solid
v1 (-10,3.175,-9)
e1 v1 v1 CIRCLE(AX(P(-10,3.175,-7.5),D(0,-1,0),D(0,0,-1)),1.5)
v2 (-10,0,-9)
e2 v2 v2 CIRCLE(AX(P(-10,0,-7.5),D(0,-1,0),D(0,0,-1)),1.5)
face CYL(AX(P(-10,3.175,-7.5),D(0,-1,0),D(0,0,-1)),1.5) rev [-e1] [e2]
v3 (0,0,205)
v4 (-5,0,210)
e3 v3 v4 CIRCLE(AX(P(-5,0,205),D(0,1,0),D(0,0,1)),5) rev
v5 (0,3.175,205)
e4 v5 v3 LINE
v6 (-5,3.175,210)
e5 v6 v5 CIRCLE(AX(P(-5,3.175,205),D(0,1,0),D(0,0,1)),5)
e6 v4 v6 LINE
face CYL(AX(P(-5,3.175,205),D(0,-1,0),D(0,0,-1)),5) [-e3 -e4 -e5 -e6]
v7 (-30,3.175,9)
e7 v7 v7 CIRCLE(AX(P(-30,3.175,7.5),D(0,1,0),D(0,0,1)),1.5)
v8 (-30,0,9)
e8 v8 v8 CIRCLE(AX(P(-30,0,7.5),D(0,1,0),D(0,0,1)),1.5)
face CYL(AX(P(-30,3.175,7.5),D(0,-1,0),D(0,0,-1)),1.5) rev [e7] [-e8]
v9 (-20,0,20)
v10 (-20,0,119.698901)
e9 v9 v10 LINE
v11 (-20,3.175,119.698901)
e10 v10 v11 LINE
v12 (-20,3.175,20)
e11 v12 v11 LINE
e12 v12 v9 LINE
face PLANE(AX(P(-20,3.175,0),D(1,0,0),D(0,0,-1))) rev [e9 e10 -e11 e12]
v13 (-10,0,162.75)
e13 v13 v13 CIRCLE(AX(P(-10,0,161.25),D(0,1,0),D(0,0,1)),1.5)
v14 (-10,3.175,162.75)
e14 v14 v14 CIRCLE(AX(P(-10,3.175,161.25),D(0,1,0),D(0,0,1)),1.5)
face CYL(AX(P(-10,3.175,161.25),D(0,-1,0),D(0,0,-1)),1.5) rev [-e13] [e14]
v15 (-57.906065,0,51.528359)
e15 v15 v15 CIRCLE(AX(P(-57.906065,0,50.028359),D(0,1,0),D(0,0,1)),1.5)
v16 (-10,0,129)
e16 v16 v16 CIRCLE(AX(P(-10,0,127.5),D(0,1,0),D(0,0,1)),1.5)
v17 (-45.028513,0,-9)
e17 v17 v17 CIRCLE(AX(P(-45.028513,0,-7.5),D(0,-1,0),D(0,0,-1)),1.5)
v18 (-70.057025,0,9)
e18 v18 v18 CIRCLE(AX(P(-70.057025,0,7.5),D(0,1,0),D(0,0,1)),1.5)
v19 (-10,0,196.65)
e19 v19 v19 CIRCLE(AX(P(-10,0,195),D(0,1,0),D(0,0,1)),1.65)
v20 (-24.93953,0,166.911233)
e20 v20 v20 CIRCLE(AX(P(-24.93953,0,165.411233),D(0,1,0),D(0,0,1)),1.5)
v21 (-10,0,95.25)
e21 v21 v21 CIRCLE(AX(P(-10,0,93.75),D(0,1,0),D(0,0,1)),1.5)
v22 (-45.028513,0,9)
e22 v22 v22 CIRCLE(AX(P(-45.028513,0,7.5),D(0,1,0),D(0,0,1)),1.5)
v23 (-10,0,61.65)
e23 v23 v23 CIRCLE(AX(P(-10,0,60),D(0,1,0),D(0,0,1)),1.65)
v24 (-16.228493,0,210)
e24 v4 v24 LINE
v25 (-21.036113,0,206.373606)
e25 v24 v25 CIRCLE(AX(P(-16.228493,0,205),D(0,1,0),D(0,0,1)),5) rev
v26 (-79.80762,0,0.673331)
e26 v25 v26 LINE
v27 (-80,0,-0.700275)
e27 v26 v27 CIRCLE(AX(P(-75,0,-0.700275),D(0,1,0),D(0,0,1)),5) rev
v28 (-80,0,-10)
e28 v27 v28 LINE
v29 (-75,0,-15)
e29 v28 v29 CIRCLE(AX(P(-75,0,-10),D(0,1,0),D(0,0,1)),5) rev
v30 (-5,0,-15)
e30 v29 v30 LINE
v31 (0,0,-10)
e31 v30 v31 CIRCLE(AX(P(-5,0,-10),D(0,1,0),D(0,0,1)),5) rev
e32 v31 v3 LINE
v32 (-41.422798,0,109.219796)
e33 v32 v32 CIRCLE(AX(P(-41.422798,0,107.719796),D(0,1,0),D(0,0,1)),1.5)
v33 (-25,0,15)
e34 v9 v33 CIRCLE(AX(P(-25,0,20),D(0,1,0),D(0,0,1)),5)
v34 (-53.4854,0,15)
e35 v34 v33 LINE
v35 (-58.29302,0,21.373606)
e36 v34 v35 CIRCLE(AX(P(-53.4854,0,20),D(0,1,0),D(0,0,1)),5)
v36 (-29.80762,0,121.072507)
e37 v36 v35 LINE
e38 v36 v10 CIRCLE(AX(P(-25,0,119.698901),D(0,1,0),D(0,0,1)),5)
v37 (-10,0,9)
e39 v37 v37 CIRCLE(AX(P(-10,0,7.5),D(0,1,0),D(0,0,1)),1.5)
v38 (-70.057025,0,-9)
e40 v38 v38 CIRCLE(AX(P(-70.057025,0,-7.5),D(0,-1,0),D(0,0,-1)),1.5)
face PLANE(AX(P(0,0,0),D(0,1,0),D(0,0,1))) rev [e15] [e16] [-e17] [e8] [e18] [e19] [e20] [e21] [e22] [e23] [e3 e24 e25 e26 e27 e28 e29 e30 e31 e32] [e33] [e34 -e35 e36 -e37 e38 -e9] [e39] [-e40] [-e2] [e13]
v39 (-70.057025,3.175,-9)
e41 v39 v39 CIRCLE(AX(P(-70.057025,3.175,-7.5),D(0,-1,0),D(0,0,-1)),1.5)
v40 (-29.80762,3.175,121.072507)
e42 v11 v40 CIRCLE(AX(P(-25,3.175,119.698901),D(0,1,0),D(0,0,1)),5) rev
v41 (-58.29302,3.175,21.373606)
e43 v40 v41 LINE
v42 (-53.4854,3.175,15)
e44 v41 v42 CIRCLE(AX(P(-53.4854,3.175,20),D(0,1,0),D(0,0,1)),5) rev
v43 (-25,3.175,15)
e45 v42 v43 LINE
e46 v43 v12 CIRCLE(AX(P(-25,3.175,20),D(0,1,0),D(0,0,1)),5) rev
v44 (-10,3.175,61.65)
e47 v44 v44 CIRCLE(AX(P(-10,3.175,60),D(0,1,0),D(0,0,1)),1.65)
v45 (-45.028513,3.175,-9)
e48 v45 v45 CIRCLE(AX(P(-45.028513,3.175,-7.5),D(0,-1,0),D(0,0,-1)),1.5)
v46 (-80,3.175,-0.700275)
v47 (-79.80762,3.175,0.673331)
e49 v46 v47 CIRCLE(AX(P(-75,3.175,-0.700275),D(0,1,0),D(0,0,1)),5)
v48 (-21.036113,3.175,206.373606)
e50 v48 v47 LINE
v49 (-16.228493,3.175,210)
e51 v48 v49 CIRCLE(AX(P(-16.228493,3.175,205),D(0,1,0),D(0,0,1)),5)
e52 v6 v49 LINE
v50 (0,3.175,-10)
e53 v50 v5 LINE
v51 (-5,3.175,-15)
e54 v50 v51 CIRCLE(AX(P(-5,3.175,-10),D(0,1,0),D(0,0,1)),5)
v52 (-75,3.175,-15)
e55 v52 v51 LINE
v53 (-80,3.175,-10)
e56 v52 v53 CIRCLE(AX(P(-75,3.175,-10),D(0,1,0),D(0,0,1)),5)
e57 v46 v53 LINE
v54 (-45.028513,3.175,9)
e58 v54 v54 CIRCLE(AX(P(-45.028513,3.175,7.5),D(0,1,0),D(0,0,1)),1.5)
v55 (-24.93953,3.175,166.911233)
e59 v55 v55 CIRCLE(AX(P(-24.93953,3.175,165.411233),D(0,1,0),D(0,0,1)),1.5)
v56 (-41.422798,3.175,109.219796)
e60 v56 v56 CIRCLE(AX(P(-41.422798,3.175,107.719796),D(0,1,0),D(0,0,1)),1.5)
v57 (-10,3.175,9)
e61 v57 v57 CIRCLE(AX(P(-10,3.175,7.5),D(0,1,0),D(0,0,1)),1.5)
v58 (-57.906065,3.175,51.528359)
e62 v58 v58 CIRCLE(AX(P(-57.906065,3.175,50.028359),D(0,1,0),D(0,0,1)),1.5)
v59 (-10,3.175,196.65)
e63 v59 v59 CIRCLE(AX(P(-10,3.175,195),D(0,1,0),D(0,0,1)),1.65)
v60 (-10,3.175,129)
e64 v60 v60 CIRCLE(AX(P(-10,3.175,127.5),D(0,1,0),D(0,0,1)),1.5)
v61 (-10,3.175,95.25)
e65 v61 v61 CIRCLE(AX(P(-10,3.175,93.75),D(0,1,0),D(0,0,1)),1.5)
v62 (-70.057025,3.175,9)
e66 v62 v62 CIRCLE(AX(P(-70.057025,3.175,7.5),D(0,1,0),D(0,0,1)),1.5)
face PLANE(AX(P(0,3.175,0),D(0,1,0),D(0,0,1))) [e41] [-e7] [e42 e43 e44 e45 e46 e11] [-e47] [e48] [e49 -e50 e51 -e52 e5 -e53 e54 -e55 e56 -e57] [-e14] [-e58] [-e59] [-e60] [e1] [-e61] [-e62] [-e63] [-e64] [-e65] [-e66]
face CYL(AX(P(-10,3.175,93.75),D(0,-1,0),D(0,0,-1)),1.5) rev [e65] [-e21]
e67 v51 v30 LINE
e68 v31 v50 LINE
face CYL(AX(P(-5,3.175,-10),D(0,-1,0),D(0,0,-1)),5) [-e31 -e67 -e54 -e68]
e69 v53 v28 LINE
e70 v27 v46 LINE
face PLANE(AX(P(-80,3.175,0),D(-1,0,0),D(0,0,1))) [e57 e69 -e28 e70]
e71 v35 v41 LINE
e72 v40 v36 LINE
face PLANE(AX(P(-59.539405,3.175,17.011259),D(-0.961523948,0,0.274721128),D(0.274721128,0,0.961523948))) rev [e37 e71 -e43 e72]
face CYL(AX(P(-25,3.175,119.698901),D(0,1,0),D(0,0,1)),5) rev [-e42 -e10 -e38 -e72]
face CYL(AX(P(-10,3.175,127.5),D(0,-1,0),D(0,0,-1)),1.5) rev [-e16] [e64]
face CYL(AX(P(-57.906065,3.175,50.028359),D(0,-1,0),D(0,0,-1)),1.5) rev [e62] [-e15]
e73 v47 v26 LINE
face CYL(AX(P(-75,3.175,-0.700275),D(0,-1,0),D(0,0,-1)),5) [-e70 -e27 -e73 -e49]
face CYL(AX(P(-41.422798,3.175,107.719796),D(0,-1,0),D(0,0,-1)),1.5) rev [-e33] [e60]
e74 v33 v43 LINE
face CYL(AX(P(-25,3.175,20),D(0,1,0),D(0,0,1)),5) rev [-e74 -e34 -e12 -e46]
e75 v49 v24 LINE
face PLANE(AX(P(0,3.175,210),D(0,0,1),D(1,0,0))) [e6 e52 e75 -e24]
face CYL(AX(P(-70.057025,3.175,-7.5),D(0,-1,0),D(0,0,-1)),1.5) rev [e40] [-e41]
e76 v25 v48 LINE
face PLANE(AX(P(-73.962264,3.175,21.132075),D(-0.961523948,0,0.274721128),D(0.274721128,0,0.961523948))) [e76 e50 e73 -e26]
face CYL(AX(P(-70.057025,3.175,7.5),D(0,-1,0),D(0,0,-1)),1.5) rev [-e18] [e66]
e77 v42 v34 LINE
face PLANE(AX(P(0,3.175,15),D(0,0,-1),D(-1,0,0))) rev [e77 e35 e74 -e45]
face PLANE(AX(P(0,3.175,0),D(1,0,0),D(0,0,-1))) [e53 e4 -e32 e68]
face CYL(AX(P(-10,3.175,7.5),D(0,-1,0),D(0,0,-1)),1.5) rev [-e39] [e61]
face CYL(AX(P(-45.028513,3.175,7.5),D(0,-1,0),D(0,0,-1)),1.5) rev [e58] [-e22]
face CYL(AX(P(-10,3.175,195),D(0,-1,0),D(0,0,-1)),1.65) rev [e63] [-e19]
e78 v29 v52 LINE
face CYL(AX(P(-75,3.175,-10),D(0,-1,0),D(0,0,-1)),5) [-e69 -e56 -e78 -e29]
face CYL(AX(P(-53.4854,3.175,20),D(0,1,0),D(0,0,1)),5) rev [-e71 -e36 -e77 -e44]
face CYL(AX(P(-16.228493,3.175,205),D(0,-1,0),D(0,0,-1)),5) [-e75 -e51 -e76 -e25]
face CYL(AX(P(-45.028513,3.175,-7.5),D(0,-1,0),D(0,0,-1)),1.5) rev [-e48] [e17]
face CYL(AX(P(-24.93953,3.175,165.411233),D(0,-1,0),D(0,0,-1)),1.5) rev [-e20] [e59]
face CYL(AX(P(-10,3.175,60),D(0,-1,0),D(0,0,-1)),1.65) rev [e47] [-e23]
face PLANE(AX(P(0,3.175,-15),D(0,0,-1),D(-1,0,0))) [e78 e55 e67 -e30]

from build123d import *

# Parameters (mm, degrees)
SKETCH1_R           = 1.5
SKETCH1_R_2         = 1.65
BOSS_EXTRUDE1_DEPTH = 3.175
SKETCH2_W           = 80
SKETCH2_H           = 15
SKETCH2_R           = 1.5
BOSS_EXTRUDE2_DEPTH = 3.175
FILLET1_R           = 5


with BuildPart() as part:
    # Sketch1 → Boss-Extrude1 (new body)
    with BuildSketch(Plane(origin=(0, 0, 0), x_dir=(1, 0, 0), z_dir=(0, 1, 0))):
        Polygon((-20, -210), (0, -210), (0, 0), (-80, 0), align=None)
        with Locations(Location((-41.422797756, -107.71979577, 0), (0, 0, 270))):
            Circle(SKETCH1_R, mode=Mode.SUBTRACT)
        with Locations(Location((-24.939530082, -165.411232629, 0), (0, 0, 270))):
            Circle(SKETCH1_R, mode=Mode.SUBTRACT)
        with Locations(Location((-10, -195, 0), (0, 0, 270))):
            Circle(SKETCH1_R_2, mode=Mode.SUBTRACT)
        with BuildLine():
            ThreePointArc((-10, -159.75), (-8.5, -161.25), (-10, -162.75))
            ThreePointArc((-10, -162.75), (-11.5, -161.25), (-10, -159.75))
        make_face(mode=Mode.SUBTRACT)
        with BuildLine():
            ThreePointArc((-10, -126), (-8.5, -127.5), (-10, -129))
            ThreePointArc((-10, -129), (-11.5, -127.5), (-10, -126))
        make_face(mode=Mode.SUBTRACT)
        Polygon((-20, -15), (-20, -155.39917583), (-60.114050237, -15), align=None, mode=Mode.SUBTRACT)
        with Locations(Location((-57.90606543, -50.028358912, 0), (0, 0, 270))):
            Circle(SKETCH1_R, mode=Mode.SUBTRACT)
        with Locations(Location((-70.057025119, -7.5, 0), (0, 0, 270))):
            Circle(SKETCH1_R, mode=Mode.SUBTRACT)
        with Locations(Location((-45.028512559, -7.5, 0), (0, 0, 270))):
            Circle(SKETCH1_R, mode=Mode.SUBTRACT)
        with BuildLine():
            ThreePointArc((-10, -92.25), (-8.5, -93.75), (-10, -95.25))
            ThreePointArc((-10, -95.25), (-11.5, -93.75), (-10, -92.25))
        make_face(mode=Mode.SUBTRACT)
        with Locations(Location((-10, -60, 0), (0, 0, 270))):
            Circle(SKETCH1_R_2, mode=Mode.SUBTRACT)
        with Locations(Location((-30, -7.5, 0), (0, 0, 270))):
            Circle(SKETCH1_R, mode=Mode.SUBTRACT)
        with Locations(Location((-10, -7.5, 0), (0, 0, 270))):
            Circle(SKETCH1_R, mode=Mode.SUBTRACT)
    extrude(amount=BOSS_EXTRUDE1_DEPTH)

    # Sketch2 → Boss-Extrude2 (add)
    with BuildSketch(Plane.XZ):
        with Locations((-40, -7.5)):
            Rectangle(SKETCH2_W, SKETCH2_H)
        with Locations(Location((-70.057025119, -7.5, 0), (0, 0, 270))):
            Circle(SKETCH2_R, mode=Mode.SUBTRACT)
        with Locations(Location((-45.028512559, -7.5, 0), (0, 0, 270))):
            Circle(SKETCH2_R, mode=Mode.SUBTRACT)
        with Locations(Location((-10, -7.5, 0), (0, 0, 270))):
            Circle(SKETCH2_R, mode=Mode.SUBTRACT)
    extrude(amount=-BOSS_EXTRUDE2_DEPTH)

    # Fillet1
    fillet1_edges = [part.edges().sort_by_distance(p)[0] for p in [
        (-80, 1.5875, 0),
        (0, 1.5875, 210),
        (-20, 1.5875, 210),
        (-20, 1.5875, 15),
        (-60.114050237, 1.5875, 15),
        (-20, 1.5875, 155.39917583),
        (0, 1.5875, -15),
        (-80, 1.5875, -15),
    ]]
    fillet(fillet1_edges, radius=FILLET1_R)


solid = part.part
